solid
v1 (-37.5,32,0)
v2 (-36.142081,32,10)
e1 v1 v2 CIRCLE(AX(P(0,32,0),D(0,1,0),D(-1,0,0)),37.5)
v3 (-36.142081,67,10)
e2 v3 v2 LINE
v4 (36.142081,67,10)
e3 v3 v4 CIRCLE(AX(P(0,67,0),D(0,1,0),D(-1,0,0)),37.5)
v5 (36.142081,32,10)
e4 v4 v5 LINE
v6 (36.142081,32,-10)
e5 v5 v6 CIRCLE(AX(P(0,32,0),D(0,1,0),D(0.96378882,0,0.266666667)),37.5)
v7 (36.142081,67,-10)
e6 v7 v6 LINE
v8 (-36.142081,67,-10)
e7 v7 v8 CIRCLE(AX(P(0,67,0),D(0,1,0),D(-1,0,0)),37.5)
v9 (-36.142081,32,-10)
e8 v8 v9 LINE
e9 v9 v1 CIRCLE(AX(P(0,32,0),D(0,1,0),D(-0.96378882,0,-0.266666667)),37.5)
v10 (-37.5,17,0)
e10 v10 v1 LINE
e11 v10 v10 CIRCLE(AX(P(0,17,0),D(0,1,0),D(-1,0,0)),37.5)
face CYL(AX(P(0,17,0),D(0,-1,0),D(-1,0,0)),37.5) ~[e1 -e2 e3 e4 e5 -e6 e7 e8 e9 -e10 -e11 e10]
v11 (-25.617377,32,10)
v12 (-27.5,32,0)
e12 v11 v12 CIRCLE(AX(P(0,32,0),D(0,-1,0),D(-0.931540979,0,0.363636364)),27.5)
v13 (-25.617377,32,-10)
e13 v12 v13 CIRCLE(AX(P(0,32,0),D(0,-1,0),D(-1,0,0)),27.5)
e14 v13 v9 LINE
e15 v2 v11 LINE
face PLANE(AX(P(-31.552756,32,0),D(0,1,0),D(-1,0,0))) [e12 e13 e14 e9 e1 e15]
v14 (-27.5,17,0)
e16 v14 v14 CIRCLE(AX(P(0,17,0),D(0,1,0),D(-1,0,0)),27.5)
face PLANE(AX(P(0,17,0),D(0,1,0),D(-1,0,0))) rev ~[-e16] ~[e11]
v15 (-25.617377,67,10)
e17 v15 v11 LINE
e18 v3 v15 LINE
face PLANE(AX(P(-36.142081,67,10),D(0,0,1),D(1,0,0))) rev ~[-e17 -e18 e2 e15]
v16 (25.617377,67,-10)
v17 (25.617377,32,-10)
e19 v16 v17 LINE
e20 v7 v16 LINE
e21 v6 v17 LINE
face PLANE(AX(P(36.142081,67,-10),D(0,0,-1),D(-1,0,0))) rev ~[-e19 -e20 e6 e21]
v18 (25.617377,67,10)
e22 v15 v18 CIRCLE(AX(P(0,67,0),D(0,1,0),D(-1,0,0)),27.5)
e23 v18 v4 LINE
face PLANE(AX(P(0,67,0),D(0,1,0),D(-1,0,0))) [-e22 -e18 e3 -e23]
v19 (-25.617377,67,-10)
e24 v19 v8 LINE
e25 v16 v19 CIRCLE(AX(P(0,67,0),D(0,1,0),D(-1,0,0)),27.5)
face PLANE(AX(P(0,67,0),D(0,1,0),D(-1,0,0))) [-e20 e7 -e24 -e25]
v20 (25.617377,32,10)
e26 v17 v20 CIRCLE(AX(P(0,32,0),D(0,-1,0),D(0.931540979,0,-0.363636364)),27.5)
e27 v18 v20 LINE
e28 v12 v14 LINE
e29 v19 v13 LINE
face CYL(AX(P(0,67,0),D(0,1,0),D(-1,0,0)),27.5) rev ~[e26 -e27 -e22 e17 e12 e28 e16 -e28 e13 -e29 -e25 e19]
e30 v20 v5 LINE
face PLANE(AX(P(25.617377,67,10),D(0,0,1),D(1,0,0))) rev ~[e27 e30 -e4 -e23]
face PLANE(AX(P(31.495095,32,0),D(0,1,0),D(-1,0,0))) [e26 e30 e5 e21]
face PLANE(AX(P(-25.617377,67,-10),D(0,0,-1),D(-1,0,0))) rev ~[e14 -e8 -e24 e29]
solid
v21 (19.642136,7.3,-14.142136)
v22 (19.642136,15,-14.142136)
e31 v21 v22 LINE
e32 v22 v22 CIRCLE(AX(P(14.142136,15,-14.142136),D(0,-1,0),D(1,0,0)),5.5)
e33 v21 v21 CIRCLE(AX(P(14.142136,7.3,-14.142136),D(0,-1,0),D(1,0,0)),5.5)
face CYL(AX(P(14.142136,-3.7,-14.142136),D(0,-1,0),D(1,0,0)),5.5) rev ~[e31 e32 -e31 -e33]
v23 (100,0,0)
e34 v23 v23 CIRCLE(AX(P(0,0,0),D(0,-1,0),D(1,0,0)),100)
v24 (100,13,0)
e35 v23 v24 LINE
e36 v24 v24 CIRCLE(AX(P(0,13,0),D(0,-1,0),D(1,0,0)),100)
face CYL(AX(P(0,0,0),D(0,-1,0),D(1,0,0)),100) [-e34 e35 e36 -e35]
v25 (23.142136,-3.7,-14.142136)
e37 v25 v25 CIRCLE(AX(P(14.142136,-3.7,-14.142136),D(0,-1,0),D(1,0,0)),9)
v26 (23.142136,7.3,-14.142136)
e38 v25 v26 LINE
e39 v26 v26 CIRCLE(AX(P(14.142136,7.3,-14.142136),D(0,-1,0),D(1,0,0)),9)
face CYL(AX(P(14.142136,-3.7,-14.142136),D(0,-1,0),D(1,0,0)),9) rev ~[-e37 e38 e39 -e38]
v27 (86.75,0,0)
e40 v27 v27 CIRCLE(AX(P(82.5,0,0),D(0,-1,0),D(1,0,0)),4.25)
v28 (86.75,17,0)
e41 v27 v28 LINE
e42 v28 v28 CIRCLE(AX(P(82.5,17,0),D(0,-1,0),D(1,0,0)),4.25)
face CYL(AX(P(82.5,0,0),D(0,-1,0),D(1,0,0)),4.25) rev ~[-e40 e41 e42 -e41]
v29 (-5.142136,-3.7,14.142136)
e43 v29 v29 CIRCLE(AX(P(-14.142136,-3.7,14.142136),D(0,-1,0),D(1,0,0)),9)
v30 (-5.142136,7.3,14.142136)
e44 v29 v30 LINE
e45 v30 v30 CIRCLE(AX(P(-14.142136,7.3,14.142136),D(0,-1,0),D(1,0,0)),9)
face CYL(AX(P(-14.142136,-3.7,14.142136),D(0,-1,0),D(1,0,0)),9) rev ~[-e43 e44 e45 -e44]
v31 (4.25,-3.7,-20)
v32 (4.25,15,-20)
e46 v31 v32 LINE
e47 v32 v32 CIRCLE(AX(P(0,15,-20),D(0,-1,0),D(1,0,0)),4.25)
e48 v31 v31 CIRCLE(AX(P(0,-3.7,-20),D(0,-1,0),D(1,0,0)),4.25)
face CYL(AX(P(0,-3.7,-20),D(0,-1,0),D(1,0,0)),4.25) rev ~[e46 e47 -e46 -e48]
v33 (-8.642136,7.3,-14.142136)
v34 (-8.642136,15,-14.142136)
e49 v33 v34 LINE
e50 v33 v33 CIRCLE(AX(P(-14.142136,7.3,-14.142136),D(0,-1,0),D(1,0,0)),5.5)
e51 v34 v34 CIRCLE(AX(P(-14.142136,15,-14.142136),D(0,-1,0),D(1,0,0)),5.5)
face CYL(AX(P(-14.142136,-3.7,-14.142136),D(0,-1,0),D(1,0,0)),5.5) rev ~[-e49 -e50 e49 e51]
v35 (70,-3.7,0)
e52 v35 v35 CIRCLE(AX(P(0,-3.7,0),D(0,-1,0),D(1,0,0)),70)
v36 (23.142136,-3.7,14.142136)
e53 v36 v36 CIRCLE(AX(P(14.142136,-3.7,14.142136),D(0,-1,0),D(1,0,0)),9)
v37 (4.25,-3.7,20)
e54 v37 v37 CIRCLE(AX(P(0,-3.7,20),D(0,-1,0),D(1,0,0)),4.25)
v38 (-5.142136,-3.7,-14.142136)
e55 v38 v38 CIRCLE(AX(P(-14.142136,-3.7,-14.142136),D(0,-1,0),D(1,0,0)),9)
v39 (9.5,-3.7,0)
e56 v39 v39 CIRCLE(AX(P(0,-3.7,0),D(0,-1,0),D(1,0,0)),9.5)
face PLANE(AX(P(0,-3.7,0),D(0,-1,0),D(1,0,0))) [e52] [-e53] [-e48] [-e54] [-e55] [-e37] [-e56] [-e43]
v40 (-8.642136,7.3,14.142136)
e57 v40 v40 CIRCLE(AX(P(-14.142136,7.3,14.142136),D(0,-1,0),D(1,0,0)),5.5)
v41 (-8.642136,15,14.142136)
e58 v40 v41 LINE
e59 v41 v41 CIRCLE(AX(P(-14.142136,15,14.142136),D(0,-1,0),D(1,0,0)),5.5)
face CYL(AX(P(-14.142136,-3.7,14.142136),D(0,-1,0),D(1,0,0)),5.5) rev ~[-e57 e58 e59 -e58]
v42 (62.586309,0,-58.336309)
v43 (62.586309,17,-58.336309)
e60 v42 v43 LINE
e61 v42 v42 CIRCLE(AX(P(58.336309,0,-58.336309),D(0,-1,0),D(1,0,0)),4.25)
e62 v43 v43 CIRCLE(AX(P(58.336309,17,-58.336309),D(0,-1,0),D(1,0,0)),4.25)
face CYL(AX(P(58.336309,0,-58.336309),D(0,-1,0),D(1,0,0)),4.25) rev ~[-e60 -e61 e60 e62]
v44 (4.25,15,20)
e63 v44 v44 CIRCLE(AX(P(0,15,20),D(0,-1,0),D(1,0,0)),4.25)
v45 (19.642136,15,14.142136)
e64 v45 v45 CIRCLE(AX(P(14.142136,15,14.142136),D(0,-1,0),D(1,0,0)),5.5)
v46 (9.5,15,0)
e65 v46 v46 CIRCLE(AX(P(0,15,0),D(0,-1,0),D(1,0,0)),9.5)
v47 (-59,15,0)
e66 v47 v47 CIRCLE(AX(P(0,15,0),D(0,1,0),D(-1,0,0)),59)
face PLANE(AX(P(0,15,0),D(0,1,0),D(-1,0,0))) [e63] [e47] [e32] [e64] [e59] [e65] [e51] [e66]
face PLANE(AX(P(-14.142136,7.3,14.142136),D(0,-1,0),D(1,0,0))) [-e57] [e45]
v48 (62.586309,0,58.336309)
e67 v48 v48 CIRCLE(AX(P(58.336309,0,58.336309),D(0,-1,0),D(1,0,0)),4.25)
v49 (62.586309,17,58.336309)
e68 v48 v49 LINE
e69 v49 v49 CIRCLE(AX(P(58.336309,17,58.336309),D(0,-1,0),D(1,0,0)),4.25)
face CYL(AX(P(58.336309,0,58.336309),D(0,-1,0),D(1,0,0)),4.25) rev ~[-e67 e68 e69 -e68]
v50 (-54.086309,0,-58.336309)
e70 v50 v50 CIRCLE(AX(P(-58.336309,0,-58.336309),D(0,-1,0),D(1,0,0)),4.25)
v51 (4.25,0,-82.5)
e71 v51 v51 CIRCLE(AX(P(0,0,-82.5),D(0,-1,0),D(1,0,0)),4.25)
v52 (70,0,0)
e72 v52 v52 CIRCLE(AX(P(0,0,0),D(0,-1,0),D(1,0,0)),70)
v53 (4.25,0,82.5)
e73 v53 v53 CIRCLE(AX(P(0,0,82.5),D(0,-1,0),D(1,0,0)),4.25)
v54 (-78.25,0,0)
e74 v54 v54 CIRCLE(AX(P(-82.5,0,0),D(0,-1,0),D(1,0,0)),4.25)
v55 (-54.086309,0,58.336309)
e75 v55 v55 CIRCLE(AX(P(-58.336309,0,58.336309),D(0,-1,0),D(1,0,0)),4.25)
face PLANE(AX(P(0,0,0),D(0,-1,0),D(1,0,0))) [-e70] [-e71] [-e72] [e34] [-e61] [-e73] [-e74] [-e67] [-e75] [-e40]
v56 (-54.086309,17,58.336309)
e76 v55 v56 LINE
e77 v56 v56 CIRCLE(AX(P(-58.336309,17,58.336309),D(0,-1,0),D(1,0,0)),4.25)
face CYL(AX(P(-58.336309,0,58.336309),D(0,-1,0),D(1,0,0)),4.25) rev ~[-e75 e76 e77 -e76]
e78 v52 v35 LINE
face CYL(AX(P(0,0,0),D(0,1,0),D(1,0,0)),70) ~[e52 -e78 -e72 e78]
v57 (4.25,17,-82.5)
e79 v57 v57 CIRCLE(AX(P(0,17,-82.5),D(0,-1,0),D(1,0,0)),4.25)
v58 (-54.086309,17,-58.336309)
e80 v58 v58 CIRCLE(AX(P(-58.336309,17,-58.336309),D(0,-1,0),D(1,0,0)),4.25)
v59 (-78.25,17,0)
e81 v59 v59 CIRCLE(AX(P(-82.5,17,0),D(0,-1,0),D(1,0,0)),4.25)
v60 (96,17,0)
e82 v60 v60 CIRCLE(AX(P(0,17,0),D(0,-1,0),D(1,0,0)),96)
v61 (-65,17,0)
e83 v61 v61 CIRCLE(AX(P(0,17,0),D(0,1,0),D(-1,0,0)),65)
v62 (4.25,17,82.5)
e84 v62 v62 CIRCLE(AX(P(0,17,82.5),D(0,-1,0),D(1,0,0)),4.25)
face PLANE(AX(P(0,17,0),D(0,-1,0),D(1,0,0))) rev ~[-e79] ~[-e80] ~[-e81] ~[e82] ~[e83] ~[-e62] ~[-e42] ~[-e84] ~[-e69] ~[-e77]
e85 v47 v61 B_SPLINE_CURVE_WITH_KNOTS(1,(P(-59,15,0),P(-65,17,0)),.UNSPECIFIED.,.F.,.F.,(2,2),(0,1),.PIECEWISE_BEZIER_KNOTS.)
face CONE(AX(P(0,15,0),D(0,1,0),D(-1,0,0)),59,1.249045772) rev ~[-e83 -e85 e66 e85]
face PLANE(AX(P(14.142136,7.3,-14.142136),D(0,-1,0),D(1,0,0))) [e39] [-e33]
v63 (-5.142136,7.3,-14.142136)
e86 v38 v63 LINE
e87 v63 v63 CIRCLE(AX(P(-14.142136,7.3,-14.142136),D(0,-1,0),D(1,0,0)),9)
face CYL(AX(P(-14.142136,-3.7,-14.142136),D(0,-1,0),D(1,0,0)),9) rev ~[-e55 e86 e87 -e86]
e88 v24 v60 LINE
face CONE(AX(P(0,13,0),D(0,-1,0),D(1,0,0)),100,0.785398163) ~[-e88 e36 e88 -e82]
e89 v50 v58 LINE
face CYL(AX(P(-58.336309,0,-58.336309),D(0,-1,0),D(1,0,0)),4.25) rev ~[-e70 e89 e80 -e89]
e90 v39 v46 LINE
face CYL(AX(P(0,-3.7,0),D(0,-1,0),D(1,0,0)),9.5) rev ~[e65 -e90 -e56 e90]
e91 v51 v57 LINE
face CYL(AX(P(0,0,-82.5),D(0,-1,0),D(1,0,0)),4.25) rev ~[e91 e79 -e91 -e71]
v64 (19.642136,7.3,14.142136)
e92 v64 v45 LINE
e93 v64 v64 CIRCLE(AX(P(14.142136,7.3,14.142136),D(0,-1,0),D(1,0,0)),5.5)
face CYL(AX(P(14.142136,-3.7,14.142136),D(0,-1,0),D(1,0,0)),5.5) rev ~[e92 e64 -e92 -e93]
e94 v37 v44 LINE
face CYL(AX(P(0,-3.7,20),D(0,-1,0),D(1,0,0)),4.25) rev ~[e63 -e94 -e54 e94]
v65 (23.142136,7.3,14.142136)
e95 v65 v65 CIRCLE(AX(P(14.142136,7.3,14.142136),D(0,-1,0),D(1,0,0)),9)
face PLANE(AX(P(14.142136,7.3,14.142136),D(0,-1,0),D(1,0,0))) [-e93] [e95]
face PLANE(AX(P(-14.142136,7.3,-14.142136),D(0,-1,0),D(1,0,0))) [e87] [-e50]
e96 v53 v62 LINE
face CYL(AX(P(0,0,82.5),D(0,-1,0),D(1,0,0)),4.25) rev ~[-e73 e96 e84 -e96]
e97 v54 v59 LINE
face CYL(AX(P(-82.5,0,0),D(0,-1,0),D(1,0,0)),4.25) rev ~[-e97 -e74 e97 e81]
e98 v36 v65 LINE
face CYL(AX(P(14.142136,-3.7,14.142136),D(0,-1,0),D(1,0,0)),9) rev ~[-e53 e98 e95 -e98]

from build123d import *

# Parameters (mm, degrees)
F0_R      = 70
F1_DEPTH  = 3.7
F0_R_2    = 100
F2_DEPTH  = 17
F4_R      = 37.5
F5_DEPTH  = 50
F8_R      = 59
F6_R      = 65
F10_SIZE  = 4
F12_R     = 27.5
F13_DEPTH = 51
F15_DEPTH = 35
F16_R     = 9.5
F17_DEPTH = 20.7
F18_R     = 5.5
F18_R_2   = 4.25
F19_DEPTH = 20.7
F18_R_3   = 9
F20_DEPTH = 11
F21_R     = 4.25
F22_DEPTH = 17


with BuildPart() as f1:
    # F0 (on Front) → F1 (new body)
    with BuildSketch(Plane.XZ):
        Circle(F0_R)
    extrude(amount=F1_DEPTH)

    # F0 (on Front) → F2 (join)
    with BuildSketch(Plane.XZ):
        Circle(F0_R_2)
        Circle(F0_R, mode=Mode.SUBTRACT)
        Circle(F0_R)
    extrude(amount=-F2_DEPTH)

    # F4 (on offset) → F5 (join)
    with BuildSketch(Plane(origin=(0, 17, 0), x_dir=(-1, 0, 0), z_dir=(0, 1, 0))):
        Circle(F4_R)
    extrude(amount=F5_DEPTH)

    # F8 (on offset) → F9 section 0
    with BuildSketch(Plane(origin=(0, 15, 0), x_dir=(-1, 0, 0), z_dir=(0, 1, 0))):
        Circle(F8_R)
    # F6 (on offset) → F9 section 1
    with BuildSketch(Plane(origin=(0, 17, 0), x_dir=(-1, 0, 0), z_dir=(0, 1, 0))):
        Circle(F6_R)
    loft(mode=Mode.SUBTRACT)

    # F10
    f10_edges = [f1.edges().sort_by_distance(p)[0] for p in [
        (-100, 17, 0),
    ]]
    chamfer(f10_edges, length=F10_SIZE)

    # F12 (on offset) → F13 (cut)
    with BuildSketch(Plane(origin=(0, 67, 0), x_dir=(-1, 0, 0), z_dir=(0, 1, 0))):
        Circle(F12_R)
    extrude(amount=-F13_DEPTH, mode=Mode.SUBTRACT)

    # F14 (on face) → F15 (cut)
    with BuildSketch(Plane(origin=(0, 67, 0), x_dir=(-1, 0, 0), z_dir=(0, 1, 0))):
        with BuildLine():
            ThreePointArc((-25.6173769149, -10), (-27.5, 0), (-25.6173769149, 10))
            Line((-25.6173769149, 10), (-36.142080737, 10))
            ThreePointArc((-36.142080737, 10), (-37.5, 0), (-36.142080737, -10))
            Line((-36.142080737, -10), (-25.6173769149, -10))
        make_face()
        with BuildLine():
            Line((36.142080737, 10), (25.6173769149, 10))
            ThreePointArc((25.6173769149, 10), (27.0252462076, 5.0878352391), (27.5, 0))
            ThreePointArc((27.5, 0), (27.0252462076, -5.0878352391), (25.6173769149, -10))
            Line((25.6173769149, -10), (36.142080737, -10))
            ThreePointArc((36.142080737, -10), (37.1589694935, -5.0458880468), (37.5, 0))
            ThreePointArc((37.5, 0), (37.1589694935, 5.0458880468), (36.142080737, 10))
        make_face()
    extrude(amount=-F15_DEPTH, mode=Mode.SUBTRACT)

    # F16 (on face) → F17 (cut)
    with BuildSketch(Plane.XZ.offset(3.7)):
        Circle(F16_R)
    extrude(amount=-F17_DEPTH, mode=Mode.SUBTRACT)

    # F18 (on face) → F19 (cut)
    with BuildSketch(Plane.XZ.offset(3.7)):
        with Locations((-14.1421356237, 14.1421356237)):
            Circle(F18_R)
        with Locations((14.1421356237, 14.1421356237)):
            Circle(F18_R)
        with Locations((14.1421356237, -14.1421356237)):
            Circle(F18_R)
        with Locations((-14.1421356237, -14.1421356237)):
            Circle(F18_R)
        with Locations((0, -20)):
            Circle(F18_R_2)
        with Locations((0, 20)):
            Circle(F18_R_2)
    extrude(amount=-F19_DEPTH, mode=Mode.SUBTRACT)

    # F18 (on face) → F20 (cut)
    with BuildSketch(Plane.XZ.offset(3.7)):
        with Locations((-14.1421356237, 14.1421356237)):
            Circle(F18_R_3)
        with Locations((-14.1421356237, 14.1421356237)):
            Circle(F18_R, mode=Mode.SUBTRACT)
        with Locations((14.1421356237, 14.1421356237)):
            Circle(F18_R_3)
        with Locations((14.1421356237, 14.1421356237)):
            Circle(F18_R, mode=Mode.SUBTRACT)
        with Locations((14.1421356237, -14.1421356237)):
            Circle(F18_R_3)
        with Locations((14.1421356237, -14.1421356237)):
            Circle(F18_R, mode=Mode.SUBTRACT)
        with Locations((-14.1421356237, -14.1421356237)):
            Circle(F18_R_3)
        with Locations((-14.1421356237, -14.1421356237)):
            Circle(F18_R, mode=Mode.SUBTRACT)
    extrude(amount=-F20_DEPTH, mode=Mode.SUBTRACT)

    # F21 (on face) → F22 (cut)
    with BuildSketch(Plane.XZ):
        with Locations((-58.3363094479, 58.3363094479)):
            Circle(F21_R)
        with Locations((0, 82.5)):
            Circle(F21_R)
        with Locations((58.3363094479, 58.3363094479)):
            Circle(F21_R)
        with Locations((82.5, 0)):
            Circle(F21_R)
        with Locations((58.3363094479, -58.3363094479)):
            Circle(F21_R)
        with Locations((0, -82.5)):
            Circle(F21_R)
        with Locations((-58.3363094479, -58.3363094479)):
            Circle(F21_R)
        with Locations((-82.5, 0)):
            Circle(F21_R)
    extrude(amount=-F22_DEPTH, mode=Mode.SUBTRACT)


solid = f1.part
